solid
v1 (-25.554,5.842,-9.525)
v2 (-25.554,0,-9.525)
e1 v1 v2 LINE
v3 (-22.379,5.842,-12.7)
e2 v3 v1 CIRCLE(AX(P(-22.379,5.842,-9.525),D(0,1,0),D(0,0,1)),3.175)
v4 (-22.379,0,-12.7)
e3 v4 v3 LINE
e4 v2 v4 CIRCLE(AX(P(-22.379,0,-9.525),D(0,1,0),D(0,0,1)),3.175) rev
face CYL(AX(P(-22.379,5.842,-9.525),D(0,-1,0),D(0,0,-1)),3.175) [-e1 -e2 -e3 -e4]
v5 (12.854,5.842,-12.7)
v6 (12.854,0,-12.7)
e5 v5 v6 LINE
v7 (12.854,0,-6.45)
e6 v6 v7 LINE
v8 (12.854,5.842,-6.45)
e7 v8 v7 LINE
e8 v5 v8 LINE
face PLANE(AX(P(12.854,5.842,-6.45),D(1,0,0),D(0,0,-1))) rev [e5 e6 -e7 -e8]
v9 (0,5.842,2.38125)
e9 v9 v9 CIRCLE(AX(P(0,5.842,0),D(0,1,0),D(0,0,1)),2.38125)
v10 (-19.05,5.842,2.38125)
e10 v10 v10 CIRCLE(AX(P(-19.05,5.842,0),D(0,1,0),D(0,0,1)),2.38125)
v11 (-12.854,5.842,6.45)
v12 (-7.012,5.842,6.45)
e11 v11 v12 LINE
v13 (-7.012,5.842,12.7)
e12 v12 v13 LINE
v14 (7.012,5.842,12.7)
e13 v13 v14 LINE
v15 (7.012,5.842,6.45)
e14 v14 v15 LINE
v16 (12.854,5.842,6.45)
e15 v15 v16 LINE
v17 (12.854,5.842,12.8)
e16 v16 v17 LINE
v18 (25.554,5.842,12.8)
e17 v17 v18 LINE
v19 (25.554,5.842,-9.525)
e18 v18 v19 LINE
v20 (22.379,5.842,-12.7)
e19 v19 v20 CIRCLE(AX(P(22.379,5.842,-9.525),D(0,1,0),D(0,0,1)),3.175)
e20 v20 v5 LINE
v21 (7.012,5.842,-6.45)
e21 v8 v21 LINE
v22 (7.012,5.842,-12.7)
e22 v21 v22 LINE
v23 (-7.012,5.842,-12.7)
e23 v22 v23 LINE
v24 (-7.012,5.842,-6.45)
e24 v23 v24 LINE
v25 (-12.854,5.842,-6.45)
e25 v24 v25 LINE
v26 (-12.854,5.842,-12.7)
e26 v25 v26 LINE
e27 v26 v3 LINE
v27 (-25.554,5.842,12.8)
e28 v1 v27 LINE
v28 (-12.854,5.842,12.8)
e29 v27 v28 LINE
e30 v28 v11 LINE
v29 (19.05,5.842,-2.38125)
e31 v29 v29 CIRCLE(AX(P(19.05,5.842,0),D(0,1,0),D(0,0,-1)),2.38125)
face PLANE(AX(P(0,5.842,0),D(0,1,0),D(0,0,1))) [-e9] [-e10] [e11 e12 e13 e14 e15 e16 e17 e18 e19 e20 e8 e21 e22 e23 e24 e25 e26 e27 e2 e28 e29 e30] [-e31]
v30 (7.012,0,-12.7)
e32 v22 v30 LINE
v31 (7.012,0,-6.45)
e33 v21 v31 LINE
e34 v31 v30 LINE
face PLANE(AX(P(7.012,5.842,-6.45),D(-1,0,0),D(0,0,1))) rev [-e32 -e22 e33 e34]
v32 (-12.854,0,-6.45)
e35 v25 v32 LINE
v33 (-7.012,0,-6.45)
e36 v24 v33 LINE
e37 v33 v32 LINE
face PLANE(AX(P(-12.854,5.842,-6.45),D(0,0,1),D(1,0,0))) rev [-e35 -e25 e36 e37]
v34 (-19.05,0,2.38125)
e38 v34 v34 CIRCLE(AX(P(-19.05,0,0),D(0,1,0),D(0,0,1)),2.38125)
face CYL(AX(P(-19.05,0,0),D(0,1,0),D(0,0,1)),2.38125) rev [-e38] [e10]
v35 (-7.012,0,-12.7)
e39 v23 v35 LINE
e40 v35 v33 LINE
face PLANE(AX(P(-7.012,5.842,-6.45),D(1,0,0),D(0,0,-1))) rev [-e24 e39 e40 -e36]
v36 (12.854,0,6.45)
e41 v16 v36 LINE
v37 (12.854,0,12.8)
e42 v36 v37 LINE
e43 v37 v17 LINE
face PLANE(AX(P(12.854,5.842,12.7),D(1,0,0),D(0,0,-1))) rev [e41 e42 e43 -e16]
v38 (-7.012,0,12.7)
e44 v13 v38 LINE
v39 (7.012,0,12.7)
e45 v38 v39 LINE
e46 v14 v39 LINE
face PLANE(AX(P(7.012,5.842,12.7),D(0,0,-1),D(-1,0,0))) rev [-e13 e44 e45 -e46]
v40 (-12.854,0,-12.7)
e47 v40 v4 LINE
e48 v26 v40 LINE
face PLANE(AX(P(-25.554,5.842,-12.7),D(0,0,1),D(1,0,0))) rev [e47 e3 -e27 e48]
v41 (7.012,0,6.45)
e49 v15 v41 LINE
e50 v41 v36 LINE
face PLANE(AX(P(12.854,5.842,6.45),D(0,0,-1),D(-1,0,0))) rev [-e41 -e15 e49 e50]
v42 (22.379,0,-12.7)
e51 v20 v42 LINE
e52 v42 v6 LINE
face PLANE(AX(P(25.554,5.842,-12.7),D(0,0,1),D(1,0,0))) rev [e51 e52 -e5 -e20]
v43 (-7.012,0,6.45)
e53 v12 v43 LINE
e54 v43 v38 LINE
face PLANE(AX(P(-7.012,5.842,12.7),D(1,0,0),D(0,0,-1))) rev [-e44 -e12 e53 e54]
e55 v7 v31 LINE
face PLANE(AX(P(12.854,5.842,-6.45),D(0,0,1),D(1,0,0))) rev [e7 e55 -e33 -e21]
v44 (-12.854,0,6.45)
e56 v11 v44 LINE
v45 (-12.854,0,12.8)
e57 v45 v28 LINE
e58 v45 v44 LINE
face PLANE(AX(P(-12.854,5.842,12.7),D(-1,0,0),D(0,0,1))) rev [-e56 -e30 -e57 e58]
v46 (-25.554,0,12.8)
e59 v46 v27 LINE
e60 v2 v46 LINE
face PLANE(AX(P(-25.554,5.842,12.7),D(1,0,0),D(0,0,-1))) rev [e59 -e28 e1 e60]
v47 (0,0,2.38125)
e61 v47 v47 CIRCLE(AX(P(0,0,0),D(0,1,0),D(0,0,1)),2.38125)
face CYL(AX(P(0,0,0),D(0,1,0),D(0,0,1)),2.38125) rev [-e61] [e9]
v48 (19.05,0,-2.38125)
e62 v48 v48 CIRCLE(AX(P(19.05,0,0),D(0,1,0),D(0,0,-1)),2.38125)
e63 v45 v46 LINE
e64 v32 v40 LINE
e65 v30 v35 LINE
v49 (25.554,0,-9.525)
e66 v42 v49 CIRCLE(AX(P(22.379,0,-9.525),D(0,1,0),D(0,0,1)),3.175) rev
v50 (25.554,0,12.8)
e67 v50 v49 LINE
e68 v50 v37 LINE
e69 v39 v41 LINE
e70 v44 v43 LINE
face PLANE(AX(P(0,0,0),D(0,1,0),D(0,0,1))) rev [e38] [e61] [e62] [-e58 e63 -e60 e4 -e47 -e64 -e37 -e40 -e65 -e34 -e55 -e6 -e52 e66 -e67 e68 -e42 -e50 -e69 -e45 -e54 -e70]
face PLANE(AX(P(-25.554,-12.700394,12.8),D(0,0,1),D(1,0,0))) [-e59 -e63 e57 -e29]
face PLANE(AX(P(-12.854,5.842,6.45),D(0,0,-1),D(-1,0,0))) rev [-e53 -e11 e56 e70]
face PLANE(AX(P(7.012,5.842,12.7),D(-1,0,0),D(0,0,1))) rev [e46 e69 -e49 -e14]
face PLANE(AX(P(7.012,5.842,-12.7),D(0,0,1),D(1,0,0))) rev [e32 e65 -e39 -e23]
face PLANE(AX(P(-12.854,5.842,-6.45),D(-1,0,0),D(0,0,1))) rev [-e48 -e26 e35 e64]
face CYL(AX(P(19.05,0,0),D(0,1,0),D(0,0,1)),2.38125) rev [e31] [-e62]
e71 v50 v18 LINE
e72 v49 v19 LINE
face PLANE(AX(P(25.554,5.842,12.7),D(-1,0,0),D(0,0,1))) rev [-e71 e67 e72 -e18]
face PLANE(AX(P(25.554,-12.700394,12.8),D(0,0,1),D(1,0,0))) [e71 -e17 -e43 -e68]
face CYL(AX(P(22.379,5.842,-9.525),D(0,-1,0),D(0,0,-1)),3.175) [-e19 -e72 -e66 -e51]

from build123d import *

# Parameters (mm, degrees)
BOSS_EXTRUDE1_DEPTH = 5.842
SKETCH3_R           = 2.38125
CUT_EXTRUDE2_DEPTH  = 30.127751029
FILLET1_R           = 3.175
SKETCH4_W           = 12.7
SKETCH4_H           = 0.1
BOSS_EXTRUDE2_DEPTH = 5.842


with BuildPart() as part:
    # Sketch1 → Boss-Extrude1 (new body)
    with BuildSketch(Plane(origin=(0, 0, 0), x_dir=(1, 0, 0), z_dir=(0, 1, 0))):
        Polygon((7.012, -12.7), (-7.012, -12.7), (-7.012, -6.45), (-12.854, -6.45), (-12.854, -12.7), (-25.554, -12.7), (-25.554, 12.7), (-12.854, 12.7), (-12.854, 6.45), (-7.012, 6.45), (-7.012, 12.7), (7.012, 12.7), (7.012, 6.45), (12.854, 6.45), (12.854, 12.7), (25.554, 12.7), (25.554, -12.7), (12.854, -12.7), (12.854, -6.45), (7.012, -6.45), align=None)
    extrude(amount=BOSS_EXTRUDE1_DEPTH)

    # Sketch3 → Cut-Extrude2 (cut, through all)
    with BuildSketch(Plane(origin=(0, 5.842, 0), x_dir=(1, 0, 0), z_dir=(0, 1, 0))):
        with Locations(Location((0, 0, 0), (0, 0, 270))):
            Circle(SKETCH3_R)
        with Locations(Location((-19.05, 0, 0), (0, 0, 270))):
            Circle(SKETCH3_R)
        with Locations(Location((19.05, 0, 0), (0, 0, 90))):
            Circle(SKETCH3_R)
    extrude(amount=-CUT_EXTRUDE2_DEPTH, mode=Mode.SUBTRACT)

    # Fillet1
    fillet1_edges = [part.edges().sort_by_distance(p)[0] for p in [
        (25.554, 2.921, -12.7),
        (-25.554, 2.921, -12.7),
    ]]
    fillet(fillet1_edges, radius=FILLET1_R)

    # Sketch4 → Boss-Extrude2 (add)
    with BuildSketch(Plane(origin=(0, 5.842, 0), x_dir=(1, 0, 0), z_dir=(0, 1, 0))):
        with Locations((-19.204, -12.75)):
            Rectangle(SKETCH4_W, SKETCH4_H)
        with Locations((19.204, -12.75)):
            Rectangle(SKETCH4_W, SKETCH4_H)
    extrude(amount=-BOSS_EXTRUDE2_DEPTH)


solid = part.part
